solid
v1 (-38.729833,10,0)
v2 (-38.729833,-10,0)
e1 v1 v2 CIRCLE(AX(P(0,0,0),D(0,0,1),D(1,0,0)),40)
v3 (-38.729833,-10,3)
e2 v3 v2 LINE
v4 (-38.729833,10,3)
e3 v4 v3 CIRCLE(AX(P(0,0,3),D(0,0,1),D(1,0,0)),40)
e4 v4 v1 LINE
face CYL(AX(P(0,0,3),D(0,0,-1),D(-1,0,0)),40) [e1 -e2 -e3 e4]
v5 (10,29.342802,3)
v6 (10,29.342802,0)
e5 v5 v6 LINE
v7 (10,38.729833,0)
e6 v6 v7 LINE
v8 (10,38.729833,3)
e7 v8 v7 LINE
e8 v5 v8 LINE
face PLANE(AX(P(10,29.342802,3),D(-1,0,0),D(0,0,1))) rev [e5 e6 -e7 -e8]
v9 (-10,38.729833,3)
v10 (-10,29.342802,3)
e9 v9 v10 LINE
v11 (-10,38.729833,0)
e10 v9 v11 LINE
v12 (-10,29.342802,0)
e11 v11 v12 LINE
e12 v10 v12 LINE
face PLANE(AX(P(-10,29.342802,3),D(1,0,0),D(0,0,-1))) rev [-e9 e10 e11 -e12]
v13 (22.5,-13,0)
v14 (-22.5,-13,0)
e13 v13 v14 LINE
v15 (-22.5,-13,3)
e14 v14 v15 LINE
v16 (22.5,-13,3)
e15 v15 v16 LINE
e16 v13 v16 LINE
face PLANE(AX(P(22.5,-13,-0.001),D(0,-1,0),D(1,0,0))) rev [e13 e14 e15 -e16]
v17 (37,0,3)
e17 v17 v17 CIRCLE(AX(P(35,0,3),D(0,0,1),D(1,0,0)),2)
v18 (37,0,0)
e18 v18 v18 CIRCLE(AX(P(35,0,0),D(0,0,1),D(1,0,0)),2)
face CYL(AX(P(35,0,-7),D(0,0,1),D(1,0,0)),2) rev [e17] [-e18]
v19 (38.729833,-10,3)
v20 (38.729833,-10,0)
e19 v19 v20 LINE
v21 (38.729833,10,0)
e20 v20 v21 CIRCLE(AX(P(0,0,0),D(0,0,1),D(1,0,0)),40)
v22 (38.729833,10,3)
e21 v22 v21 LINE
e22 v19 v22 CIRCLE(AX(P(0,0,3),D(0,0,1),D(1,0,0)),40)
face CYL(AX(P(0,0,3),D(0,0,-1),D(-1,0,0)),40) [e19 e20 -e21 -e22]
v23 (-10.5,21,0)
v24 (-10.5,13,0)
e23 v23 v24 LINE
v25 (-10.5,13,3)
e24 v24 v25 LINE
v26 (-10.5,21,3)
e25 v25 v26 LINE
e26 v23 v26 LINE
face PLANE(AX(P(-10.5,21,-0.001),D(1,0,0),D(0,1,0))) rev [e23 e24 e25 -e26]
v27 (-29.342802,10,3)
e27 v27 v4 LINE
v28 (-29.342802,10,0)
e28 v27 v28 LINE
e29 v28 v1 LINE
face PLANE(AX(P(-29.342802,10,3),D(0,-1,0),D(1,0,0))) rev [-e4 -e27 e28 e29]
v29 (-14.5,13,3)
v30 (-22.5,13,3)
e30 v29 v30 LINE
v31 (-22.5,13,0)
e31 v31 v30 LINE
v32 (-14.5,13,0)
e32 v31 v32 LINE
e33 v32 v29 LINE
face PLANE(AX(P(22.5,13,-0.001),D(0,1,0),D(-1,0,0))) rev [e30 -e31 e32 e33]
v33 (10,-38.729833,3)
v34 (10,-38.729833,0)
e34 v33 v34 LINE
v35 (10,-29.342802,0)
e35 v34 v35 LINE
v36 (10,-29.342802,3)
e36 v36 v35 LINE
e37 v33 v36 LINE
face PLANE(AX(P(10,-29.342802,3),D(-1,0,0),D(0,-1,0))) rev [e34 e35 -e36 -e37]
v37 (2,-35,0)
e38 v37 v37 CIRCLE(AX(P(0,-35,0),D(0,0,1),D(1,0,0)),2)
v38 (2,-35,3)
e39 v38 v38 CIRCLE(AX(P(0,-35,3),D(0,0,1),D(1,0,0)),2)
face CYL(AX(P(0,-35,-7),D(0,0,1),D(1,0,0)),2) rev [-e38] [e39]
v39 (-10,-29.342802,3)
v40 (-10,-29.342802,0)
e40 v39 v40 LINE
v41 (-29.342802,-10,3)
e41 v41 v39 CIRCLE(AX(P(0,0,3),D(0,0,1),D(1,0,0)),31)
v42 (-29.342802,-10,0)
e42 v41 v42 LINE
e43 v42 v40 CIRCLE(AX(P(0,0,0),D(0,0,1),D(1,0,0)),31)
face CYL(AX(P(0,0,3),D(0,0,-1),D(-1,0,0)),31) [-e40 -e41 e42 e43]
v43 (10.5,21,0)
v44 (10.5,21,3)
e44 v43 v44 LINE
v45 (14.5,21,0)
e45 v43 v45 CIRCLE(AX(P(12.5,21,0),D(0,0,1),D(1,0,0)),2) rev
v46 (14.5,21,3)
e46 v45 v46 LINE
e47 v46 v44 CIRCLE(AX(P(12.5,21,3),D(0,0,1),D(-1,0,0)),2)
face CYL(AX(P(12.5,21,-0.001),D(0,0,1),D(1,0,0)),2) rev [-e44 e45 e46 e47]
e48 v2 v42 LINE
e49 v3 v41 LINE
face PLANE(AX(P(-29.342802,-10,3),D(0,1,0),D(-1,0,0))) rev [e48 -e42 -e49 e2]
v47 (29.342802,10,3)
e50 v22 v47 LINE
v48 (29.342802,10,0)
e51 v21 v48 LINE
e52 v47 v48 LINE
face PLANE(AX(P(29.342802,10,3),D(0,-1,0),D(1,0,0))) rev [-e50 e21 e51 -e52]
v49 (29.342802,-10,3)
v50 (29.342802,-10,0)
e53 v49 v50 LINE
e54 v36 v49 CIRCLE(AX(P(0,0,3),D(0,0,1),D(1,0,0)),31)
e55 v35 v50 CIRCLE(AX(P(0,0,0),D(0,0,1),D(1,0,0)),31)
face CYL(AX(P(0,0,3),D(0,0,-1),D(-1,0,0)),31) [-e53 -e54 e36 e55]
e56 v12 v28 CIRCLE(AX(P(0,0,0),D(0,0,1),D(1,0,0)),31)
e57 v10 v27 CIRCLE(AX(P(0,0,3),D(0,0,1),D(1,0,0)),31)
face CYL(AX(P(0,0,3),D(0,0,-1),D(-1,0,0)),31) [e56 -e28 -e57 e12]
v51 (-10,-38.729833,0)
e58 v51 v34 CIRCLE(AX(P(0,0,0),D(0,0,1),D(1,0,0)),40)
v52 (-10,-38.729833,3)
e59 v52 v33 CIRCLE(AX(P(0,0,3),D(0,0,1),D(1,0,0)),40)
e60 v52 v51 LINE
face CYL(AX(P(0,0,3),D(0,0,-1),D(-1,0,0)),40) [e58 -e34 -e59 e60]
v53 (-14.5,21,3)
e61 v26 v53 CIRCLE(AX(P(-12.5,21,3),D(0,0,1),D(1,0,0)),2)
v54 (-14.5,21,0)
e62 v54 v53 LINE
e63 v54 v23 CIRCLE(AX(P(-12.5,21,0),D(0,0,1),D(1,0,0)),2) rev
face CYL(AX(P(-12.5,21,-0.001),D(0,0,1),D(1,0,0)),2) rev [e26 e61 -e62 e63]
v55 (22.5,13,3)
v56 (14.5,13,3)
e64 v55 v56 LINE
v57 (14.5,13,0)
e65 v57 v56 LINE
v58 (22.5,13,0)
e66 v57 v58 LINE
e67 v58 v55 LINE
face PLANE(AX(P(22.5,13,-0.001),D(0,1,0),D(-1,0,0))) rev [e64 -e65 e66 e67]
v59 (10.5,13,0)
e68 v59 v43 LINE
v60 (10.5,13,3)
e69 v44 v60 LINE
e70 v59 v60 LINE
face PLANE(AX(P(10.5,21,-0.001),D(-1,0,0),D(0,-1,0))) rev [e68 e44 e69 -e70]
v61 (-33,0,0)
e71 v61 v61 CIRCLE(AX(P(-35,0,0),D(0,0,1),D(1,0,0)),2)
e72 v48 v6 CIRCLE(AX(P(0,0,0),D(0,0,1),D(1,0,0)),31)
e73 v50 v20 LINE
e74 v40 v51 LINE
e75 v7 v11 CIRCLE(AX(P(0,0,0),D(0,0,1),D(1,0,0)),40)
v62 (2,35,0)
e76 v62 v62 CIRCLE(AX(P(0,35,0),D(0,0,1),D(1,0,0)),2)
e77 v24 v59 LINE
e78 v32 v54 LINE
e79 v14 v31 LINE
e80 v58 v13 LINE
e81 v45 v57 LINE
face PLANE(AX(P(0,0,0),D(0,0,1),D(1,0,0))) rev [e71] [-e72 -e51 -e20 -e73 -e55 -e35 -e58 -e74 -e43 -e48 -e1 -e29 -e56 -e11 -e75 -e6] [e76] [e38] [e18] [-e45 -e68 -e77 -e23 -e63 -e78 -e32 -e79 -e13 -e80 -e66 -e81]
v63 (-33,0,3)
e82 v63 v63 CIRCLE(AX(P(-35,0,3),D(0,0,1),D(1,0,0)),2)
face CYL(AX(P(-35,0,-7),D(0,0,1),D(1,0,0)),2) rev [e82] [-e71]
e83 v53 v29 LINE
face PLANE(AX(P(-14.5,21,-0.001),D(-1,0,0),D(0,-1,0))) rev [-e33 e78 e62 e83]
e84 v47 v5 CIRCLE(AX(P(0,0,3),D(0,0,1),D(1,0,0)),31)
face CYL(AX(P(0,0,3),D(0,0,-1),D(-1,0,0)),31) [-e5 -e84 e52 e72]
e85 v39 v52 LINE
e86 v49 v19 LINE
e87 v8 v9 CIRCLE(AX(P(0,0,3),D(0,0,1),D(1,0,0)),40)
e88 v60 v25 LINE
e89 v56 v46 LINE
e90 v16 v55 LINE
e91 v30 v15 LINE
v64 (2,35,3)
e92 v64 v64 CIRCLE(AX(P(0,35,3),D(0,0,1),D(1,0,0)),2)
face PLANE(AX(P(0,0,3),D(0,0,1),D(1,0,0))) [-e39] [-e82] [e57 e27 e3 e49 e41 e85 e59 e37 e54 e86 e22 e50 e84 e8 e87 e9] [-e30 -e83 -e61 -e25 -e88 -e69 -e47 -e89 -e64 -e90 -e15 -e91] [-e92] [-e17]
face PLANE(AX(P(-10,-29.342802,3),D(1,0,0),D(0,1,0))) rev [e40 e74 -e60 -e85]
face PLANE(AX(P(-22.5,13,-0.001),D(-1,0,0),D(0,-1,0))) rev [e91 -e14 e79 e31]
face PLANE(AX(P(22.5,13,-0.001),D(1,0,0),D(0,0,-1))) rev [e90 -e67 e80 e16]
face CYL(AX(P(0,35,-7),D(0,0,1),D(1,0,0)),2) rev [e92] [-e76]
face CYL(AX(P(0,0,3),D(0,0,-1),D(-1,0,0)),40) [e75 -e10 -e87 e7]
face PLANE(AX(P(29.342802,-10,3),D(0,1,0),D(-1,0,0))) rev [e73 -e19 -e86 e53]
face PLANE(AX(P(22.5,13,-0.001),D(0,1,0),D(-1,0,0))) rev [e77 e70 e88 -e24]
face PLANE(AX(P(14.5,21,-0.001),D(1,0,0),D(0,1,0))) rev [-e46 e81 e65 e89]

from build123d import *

# Parameters (mm, degrees)
BOSS_EXTRUDE1_DEPTH = 3
CUT_EXTRUDE1_REACH  = 58.648
SKETCH2_W           = 45
SKETCH2_H           = 26
CUT_EXTRUDE2_REACH  = 58.648
SKETCH4_R           = 2
CUT_EXTRUDE3_DEPTH  = 10


with BuildPart() as part:
    # Sketch1 → Boss-Extrude1 (new body)
    with BuildSketch(Plane.XY):
        with BuildLine():
            Line((10, 29.342801502), (10, 38.729833462))
            ThreePointArc((10, 38.729833462), (0, 40), (-10, 38.729833462))
            Line((-10, 38.729833462), (-10, 29.342801502))
            ThreePointArc((-10, 29.342801502), (-21.920310217, 21.920310217), (-29.342801502, 10))
            Line((-29.342801502, 10), (-38.729833462, 10))
            ThreePointArc((-38.729833462, 10), (-40, 0), (-38.729833462, -10))
            Line((-38.729833462, -10), (-29.342801502, -10))
            ThreePointArc((-29.342801502, -10), (-21.920310217, -21.920310217), (-10, -29.342801502))
            Line((-10, -29.342801502), (-10, -38.729833462))
            ThreePointArc((-10, -38.729833462), (0, -40), (10, -38.729833462))
            Line((10, -38.729833462), (10, -29.342801502))
            ThreePointArc((10, -29.342801502), (21.920310217, -21.920310217), (29.342801502, -10))
            Line((29.342801502, -10), (38.729833462, -10))
            ThreePointArc((38.729833462, -10), (40, 0), (38.729833462, 10))
            Line((38.729833462, 10), (29.342801502, 10))
            ThreePointArc((29.342801502, 10), (21.920310217, 21.920310217), (10, 29.342801502))
        make_face()
    extrude(amount=BOSS_EXTRUDE1_DEPTH)

    # Sketch2 → Cut-Extrude1 (cut, up to next)
    with BuildSketch(Plane.XY.offset(3), mode=Mode.PRIVATE) as cut_extrude1_sk1:
        Rectangle(SKETCH2_W, SKETCH2_H)
    cut_extrude1_tool1 = extrude(cut_extrude1_sk1.sketch, amount=-CUT_EXTRUDE1_REACH, mode=Mode.PRIVATE) & part.part
    add(cut_extrude1_tool1.solids().sort_by_distance((0, 0, 3))[0], mode=Mode.SUBTRACT)

    # Sketch3 → Cut-Extrude2 (cut, up to next)
    with BuildSketch(Plane.XY.offset(3), mode=Mode.PRIVATE) as cut_extrude2_sk1:
        with BuildLine():
            Line((-10.5, 21), (-10.5, 13))
            Line((-10.5, 13), (-14.5, 13))
            Line((-14.5, 13), (-14.5, 21))
            ThreePointArc((-14.5, 21), (-12.5, 23), (-10.5, 21))
        make_face()
    cut_extrude2_tool1 = extrude(cut_extrude2_sk1.sketch, amount=-CUT_EXTRUDE2_REACH, mode=Mode.PRIVATE) & part.part
    # Sketch3 → Cut-Extrude2 (cut, up to next)
    with BuildSketch(Plane.XY.offset(3), mode=Mode.PRIVATE) as cut_extrude2_sk2:
        with BuildLine():
            Line((10.5, 21), (10.5, 13))
            Line((10.5, 13), (14.5, 13))
            Line((14.5, 13), (14.5, 21))
            ThreePointArc((14.5, 21), (12.5, 23), (10.5, 21))
        make_face()
    cut_extrude2_tool2 = extrude(cut_extrude2_sk2.sketch, amount=-CUT_EXTRUDE2_REACH, mode=Mode.PRIVATE) & part.part
    add(cut_extrude2_tool1.solids().sort_by_distance((-12.5, 17.795808, 3))[0], mode=Mode.SUBTRACT)
    add(cut_extrude2_tool2.solids().sort_by_distance((12.5, 17.795808, 3))[0], mode=Mode.SUBTRACT)

    # Sketch4 → Cut-Extrude3 (cut)
    with BuildSketch(Plane.XY.offset(3)):
        with Locations((0, 35)):
            Circle(SKETCH4_R)
        with Locations((35, 0)):
            Circle(SKETCH4_R)
        with Locations((0, -35)):
            Circle(SKETCH4_R)
        with Locations((-35, 0)):
            Circle(SKETCH4_R)
    extrude(amount=-CUT_EXTRUDE3_DEPTH, mode=Mode.SUBTRACT)


solid = part.part
